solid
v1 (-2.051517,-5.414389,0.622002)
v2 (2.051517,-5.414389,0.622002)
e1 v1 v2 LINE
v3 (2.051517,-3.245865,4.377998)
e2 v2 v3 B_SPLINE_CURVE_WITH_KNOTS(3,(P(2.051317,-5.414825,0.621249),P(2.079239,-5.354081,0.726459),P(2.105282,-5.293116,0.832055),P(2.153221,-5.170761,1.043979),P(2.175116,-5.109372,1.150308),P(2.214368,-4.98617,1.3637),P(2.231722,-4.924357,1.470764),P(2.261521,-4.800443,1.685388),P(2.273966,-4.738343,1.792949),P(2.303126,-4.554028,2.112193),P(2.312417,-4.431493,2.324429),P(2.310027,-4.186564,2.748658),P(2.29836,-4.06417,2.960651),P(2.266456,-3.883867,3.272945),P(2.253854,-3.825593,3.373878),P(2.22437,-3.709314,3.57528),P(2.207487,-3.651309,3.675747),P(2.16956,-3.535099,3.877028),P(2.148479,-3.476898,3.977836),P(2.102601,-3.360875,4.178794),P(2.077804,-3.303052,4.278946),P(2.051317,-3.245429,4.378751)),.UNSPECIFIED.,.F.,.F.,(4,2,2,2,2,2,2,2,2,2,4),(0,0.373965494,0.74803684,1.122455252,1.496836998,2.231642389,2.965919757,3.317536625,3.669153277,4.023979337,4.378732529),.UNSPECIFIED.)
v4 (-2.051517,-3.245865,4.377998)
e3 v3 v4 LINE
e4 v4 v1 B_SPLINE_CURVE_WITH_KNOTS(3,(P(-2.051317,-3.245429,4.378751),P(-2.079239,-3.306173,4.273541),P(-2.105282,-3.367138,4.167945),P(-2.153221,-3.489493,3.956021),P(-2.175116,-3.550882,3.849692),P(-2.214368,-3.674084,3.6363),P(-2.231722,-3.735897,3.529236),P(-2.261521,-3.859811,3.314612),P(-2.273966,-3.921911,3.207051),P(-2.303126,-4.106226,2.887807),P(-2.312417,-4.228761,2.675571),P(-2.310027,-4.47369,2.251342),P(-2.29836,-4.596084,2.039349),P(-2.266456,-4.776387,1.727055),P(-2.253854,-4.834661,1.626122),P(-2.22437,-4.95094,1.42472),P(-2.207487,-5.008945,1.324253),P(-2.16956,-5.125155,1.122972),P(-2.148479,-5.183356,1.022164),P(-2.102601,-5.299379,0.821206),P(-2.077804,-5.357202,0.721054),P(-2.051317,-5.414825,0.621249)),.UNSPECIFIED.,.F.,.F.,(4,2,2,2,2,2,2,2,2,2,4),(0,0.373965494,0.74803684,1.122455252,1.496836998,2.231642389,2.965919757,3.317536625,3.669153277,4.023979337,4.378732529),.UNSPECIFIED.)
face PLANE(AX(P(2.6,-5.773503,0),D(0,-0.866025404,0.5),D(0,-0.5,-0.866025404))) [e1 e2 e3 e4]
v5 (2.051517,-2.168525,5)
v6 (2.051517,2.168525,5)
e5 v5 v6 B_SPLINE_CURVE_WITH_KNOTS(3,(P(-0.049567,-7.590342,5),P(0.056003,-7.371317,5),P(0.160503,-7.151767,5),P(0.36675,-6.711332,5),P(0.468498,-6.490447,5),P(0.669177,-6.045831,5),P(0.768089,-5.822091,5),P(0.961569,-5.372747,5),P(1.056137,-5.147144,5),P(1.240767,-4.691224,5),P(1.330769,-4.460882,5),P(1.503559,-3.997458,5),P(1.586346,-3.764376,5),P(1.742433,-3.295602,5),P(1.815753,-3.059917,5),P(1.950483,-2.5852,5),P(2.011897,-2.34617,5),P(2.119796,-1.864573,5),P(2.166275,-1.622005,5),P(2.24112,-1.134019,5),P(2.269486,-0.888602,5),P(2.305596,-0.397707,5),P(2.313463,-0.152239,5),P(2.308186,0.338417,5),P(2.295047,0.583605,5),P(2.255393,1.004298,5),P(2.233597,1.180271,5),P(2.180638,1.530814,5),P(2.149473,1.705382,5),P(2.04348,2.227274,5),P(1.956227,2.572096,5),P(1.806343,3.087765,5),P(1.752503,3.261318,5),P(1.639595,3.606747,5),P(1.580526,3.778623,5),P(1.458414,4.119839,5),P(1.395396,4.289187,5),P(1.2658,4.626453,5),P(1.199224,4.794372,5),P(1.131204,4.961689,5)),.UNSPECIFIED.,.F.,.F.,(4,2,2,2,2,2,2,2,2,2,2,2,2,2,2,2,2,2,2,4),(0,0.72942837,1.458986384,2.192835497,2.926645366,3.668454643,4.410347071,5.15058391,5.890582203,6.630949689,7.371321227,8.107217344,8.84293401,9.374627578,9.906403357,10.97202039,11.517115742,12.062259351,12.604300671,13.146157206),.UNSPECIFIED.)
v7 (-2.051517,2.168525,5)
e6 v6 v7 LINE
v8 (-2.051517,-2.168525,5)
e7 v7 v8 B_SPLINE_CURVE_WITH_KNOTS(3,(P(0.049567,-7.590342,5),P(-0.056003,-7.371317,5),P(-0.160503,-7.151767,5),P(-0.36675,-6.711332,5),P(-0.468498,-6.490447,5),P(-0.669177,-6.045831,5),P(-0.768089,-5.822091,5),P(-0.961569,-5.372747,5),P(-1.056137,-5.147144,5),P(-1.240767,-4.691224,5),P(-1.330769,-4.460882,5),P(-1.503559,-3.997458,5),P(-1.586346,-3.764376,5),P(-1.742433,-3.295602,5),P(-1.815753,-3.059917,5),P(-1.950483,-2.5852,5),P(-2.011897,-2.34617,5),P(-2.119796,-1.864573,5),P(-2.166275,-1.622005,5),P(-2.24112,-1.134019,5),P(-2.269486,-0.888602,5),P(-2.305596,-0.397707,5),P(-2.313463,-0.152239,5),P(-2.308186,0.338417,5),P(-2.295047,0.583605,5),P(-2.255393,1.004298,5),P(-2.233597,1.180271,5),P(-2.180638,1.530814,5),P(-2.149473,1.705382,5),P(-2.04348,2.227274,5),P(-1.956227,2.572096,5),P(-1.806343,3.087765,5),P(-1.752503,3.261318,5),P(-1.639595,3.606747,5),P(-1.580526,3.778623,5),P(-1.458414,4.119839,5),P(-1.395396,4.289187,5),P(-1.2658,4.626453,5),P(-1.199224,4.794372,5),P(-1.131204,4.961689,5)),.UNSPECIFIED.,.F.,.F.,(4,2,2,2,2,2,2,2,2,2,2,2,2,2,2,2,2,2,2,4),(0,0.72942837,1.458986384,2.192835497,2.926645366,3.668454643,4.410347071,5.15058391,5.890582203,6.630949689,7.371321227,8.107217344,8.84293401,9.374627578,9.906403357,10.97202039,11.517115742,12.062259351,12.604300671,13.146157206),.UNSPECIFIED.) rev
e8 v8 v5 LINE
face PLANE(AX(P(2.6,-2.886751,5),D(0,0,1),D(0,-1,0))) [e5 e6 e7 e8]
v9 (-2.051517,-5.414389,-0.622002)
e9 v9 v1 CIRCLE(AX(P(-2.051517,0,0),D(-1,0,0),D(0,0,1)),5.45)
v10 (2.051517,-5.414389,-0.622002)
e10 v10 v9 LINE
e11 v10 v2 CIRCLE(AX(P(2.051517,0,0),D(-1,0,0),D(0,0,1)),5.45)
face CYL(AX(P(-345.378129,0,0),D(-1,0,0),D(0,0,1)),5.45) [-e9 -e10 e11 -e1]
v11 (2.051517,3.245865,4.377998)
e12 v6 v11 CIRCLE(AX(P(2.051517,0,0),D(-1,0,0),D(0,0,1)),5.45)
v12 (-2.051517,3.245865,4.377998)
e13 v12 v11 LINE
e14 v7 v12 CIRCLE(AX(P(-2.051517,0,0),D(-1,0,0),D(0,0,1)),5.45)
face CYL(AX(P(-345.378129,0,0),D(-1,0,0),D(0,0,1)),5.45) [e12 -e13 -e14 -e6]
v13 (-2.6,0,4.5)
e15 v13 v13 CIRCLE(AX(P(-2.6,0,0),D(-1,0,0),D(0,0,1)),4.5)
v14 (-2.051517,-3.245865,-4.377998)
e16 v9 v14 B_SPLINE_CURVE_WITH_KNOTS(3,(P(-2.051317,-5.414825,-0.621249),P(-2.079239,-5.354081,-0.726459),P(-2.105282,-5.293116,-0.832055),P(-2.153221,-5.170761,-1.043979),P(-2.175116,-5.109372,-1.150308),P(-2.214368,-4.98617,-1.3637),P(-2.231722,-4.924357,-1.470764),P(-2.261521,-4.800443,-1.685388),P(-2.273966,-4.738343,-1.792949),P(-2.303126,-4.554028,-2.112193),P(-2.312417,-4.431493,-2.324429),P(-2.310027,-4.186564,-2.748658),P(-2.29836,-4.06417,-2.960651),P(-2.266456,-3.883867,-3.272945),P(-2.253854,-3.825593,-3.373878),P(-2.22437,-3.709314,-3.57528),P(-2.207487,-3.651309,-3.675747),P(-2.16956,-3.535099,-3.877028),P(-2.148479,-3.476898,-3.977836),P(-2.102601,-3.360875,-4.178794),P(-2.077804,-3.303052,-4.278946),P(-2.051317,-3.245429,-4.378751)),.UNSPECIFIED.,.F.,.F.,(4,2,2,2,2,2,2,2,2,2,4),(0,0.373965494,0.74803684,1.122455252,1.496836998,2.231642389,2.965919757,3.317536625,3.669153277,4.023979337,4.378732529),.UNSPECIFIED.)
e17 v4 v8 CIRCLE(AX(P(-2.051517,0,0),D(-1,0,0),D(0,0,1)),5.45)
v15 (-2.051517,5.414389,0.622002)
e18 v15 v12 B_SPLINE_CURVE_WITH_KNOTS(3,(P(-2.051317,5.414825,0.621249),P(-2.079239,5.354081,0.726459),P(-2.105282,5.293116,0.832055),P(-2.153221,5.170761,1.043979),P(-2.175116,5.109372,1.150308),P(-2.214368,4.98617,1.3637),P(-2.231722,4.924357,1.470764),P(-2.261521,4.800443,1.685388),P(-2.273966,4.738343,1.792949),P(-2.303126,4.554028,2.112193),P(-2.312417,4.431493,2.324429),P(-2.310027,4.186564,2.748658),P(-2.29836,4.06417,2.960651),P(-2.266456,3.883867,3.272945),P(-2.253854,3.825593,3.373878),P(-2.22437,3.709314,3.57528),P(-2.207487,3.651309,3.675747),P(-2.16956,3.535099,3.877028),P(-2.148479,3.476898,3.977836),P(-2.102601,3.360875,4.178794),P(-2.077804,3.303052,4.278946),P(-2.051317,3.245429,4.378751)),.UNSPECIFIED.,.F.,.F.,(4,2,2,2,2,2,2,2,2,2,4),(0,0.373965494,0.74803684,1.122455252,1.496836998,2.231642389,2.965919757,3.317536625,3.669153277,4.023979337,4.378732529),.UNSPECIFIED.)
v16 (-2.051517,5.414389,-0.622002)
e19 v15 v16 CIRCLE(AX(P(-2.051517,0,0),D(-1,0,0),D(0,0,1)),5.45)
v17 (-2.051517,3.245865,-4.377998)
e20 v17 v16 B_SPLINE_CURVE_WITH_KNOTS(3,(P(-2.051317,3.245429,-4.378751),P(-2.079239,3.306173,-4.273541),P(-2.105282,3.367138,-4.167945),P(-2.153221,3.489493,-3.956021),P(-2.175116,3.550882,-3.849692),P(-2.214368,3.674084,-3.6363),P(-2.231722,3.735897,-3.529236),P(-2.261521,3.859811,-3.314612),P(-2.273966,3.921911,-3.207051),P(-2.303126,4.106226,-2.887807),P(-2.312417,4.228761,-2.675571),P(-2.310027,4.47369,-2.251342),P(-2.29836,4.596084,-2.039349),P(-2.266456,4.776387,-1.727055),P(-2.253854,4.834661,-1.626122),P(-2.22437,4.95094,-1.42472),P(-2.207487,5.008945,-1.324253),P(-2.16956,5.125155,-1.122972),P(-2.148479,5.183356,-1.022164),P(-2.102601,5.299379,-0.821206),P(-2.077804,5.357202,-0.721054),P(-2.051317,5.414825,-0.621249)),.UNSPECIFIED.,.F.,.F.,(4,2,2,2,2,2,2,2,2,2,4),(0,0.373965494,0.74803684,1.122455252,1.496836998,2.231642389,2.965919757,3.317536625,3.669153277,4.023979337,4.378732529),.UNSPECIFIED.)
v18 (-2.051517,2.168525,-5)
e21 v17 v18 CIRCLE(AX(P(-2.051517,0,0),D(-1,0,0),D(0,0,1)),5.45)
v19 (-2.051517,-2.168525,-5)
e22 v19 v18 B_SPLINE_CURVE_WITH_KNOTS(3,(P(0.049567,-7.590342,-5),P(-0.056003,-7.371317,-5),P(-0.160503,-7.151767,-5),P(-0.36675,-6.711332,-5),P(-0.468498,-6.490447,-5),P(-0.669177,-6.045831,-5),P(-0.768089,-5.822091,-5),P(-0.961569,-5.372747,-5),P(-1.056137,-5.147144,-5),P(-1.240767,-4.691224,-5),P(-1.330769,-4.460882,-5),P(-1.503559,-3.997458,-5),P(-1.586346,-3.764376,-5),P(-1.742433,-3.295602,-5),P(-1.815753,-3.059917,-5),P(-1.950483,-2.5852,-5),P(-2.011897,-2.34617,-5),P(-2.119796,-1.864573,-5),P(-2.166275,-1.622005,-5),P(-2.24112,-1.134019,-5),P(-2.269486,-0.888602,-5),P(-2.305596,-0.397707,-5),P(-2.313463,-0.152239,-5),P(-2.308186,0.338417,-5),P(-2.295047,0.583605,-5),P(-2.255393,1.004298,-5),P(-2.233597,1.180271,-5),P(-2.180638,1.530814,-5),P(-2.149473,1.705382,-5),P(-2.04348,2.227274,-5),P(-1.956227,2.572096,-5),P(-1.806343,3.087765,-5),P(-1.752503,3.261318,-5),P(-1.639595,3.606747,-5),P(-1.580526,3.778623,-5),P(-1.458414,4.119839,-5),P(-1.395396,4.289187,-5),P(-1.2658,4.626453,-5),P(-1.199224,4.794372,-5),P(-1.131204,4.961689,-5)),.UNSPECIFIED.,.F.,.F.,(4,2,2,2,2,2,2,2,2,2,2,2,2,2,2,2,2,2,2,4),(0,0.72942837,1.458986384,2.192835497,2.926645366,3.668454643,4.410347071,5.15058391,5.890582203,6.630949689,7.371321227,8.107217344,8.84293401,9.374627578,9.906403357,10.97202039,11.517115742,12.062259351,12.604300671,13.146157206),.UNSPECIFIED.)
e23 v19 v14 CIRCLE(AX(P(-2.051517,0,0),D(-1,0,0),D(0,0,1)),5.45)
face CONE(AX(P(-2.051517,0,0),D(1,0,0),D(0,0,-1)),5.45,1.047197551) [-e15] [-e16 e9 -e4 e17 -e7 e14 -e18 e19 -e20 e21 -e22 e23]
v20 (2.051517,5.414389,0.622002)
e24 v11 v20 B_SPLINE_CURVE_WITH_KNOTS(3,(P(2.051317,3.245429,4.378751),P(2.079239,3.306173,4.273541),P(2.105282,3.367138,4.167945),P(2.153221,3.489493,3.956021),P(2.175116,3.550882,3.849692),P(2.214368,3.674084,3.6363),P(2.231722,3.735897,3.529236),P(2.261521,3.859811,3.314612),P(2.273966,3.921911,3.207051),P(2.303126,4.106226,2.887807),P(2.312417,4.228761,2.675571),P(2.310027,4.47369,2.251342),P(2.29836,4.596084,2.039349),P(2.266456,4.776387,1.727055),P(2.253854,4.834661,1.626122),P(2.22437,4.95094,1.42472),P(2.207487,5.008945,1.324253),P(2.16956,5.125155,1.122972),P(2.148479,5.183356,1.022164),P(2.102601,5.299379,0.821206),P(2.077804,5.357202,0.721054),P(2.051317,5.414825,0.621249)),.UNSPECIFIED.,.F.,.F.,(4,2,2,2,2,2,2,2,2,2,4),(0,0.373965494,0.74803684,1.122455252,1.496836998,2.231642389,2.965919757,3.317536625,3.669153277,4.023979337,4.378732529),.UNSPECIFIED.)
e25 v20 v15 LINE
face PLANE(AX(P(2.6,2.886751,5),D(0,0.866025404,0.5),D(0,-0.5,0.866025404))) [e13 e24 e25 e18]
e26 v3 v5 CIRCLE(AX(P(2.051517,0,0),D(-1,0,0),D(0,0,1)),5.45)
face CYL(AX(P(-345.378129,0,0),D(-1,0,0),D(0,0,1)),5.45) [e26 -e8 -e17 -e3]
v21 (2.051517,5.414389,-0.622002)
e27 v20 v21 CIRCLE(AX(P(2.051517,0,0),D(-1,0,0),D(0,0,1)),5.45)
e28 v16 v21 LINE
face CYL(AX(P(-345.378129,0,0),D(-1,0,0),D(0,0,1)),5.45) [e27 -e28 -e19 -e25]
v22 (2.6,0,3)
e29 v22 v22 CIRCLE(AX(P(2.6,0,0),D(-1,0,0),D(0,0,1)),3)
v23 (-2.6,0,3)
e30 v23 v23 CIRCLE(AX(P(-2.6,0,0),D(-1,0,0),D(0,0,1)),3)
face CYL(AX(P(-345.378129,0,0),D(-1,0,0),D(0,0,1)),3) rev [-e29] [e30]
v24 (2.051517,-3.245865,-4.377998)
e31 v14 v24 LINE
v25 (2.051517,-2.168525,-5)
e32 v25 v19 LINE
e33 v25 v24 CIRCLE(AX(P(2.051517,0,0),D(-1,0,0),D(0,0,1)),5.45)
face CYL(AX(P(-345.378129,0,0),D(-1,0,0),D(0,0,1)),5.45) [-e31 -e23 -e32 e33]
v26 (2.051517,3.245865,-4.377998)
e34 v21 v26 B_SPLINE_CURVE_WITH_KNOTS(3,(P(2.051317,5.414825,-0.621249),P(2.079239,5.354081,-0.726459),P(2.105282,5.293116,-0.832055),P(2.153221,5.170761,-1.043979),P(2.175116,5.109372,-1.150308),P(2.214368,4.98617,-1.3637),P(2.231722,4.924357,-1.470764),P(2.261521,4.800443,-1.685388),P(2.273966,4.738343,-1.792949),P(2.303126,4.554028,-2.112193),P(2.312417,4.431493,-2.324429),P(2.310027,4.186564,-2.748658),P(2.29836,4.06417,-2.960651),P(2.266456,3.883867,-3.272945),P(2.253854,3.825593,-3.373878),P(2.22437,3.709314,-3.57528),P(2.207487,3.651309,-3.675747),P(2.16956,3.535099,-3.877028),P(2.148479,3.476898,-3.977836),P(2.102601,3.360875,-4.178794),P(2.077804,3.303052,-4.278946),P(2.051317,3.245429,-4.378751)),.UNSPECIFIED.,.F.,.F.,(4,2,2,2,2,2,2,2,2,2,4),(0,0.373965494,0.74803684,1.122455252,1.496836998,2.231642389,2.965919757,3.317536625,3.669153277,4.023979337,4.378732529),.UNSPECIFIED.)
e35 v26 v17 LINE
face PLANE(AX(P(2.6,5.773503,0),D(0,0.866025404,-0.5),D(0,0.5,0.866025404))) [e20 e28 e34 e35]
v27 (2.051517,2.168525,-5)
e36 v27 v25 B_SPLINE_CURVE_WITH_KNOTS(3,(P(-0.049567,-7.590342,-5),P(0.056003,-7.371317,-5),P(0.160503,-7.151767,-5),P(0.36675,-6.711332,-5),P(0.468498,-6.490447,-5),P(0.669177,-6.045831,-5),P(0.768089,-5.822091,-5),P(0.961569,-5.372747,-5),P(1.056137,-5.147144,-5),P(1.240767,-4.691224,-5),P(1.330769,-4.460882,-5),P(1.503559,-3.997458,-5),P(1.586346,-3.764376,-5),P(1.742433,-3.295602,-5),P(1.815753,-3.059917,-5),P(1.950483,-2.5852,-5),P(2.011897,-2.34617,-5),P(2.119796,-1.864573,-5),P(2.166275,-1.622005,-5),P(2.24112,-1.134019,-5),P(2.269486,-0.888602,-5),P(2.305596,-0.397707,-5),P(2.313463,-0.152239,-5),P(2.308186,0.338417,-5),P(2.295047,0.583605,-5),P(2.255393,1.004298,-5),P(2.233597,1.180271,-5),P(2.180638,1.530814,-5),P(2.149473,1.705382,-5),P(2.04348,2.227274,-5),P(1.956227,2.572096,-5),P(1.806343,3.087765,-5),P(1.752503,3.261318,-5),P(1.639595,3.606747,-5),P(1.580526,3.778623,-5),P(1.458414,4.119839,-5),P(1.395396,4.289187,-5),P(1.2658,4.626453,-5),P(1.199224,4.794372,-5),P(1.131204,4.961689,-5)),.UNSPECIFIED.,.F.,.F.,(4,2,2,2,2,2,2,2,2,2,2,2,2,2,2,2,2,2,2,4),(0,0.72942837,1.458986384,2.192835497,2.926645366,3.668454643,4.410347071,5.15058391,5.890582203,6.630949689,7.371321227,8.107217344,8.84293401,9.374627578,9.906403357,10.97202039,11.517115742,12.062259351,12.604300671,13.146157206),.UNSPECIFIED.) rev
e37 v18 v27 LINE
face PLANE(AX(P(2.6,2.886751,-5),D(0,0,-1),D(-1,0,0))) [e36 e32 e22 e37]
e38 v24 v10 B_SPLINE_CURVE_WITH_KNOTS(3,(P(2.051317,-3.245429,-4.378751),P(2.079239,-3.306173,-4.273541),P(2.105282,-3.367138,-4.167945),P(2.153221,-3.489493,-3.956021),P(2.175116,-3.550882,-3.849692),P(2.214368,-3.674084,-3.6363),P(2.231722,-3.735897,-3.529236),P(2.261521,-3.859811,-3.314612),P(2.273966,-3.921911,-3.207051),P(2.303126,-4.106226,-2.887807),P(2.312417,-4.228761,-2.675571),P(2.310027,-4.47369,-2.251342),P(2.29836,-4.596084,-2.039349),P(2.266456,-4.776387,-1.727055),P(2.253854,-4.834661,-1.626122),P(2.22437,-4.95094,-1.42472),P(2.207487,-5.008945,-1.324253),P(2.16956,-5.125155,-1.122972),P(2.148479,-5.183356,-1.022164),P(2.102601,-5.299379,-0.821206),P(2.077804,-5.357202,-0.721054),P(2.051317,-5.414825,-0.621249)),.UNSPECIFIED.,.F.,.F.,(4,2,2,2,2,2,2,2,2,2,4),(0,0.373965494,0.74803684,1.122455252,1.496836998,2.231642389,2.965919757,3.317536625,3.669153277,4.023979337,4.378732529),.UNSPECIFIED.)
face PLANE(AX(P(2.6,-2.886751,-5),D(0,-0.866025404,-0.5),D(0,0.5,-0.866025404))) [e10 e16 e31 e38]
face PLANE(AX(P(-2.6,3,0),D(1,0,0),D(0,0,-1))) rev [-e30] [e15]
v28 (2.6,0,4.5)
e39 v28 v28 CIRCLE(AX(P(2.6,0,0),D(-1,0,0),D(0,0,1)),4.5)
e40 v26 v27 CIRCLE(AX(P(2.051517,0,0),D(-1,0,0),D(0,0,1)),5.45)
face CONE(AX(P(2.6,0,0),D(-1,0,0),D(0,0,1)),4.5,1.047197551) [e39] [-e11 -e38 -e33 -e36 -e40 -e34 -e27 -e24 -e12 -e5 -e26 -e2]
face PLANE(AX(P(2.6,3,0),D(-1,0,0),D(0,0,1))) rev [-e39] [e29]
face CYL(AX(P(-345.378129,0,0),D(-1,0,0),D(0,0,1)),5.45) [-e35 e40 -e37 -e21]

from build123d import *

# Parameters (mm, degrees)
SKETCH_2_OUTSIDE_W  = 16.154
SKETCH_2_OUTSIDE_H  = 16.154
CUT_EXTRUDE_1_DEPTH = 6.2


with BuildPart() as part:
    # Эскиз1 → Повернуть1 (revolve)
    with BuildSketch(Plane.XY):
        Polygon((2.6, 3), (-2.6, 3), (-2.6, 4.5), (-2.051517244, 5.45), (2.051517244, 5.45), (2.6, 4.5), align=None)
    revolve(axis=Axis((-345.378129483, 0, 0), (1, 0, 0)))

    # Эскиз2 outside → Вырез-Вытянуть1 (cut, through all)
    with BuildSketch(Plane.ZY.offset(2.6)):
        Rectangle(SKETCH_2_OUTSIDE_W, SKETCH_2_OUTSIDE_H)
        Polygon((0, -5.773502692), (5, -2.886751346), (5, 2.886751346), (0, 5.773502692), (-5, 2.886751346), (-5, -2.886751346), align=None, mode=Mode.SUBTRACT)
    extrude(amount=-CUT_EXTRUDE_1_DEPTH, mode=Mode.SUBTRACT)


solid = part.part
